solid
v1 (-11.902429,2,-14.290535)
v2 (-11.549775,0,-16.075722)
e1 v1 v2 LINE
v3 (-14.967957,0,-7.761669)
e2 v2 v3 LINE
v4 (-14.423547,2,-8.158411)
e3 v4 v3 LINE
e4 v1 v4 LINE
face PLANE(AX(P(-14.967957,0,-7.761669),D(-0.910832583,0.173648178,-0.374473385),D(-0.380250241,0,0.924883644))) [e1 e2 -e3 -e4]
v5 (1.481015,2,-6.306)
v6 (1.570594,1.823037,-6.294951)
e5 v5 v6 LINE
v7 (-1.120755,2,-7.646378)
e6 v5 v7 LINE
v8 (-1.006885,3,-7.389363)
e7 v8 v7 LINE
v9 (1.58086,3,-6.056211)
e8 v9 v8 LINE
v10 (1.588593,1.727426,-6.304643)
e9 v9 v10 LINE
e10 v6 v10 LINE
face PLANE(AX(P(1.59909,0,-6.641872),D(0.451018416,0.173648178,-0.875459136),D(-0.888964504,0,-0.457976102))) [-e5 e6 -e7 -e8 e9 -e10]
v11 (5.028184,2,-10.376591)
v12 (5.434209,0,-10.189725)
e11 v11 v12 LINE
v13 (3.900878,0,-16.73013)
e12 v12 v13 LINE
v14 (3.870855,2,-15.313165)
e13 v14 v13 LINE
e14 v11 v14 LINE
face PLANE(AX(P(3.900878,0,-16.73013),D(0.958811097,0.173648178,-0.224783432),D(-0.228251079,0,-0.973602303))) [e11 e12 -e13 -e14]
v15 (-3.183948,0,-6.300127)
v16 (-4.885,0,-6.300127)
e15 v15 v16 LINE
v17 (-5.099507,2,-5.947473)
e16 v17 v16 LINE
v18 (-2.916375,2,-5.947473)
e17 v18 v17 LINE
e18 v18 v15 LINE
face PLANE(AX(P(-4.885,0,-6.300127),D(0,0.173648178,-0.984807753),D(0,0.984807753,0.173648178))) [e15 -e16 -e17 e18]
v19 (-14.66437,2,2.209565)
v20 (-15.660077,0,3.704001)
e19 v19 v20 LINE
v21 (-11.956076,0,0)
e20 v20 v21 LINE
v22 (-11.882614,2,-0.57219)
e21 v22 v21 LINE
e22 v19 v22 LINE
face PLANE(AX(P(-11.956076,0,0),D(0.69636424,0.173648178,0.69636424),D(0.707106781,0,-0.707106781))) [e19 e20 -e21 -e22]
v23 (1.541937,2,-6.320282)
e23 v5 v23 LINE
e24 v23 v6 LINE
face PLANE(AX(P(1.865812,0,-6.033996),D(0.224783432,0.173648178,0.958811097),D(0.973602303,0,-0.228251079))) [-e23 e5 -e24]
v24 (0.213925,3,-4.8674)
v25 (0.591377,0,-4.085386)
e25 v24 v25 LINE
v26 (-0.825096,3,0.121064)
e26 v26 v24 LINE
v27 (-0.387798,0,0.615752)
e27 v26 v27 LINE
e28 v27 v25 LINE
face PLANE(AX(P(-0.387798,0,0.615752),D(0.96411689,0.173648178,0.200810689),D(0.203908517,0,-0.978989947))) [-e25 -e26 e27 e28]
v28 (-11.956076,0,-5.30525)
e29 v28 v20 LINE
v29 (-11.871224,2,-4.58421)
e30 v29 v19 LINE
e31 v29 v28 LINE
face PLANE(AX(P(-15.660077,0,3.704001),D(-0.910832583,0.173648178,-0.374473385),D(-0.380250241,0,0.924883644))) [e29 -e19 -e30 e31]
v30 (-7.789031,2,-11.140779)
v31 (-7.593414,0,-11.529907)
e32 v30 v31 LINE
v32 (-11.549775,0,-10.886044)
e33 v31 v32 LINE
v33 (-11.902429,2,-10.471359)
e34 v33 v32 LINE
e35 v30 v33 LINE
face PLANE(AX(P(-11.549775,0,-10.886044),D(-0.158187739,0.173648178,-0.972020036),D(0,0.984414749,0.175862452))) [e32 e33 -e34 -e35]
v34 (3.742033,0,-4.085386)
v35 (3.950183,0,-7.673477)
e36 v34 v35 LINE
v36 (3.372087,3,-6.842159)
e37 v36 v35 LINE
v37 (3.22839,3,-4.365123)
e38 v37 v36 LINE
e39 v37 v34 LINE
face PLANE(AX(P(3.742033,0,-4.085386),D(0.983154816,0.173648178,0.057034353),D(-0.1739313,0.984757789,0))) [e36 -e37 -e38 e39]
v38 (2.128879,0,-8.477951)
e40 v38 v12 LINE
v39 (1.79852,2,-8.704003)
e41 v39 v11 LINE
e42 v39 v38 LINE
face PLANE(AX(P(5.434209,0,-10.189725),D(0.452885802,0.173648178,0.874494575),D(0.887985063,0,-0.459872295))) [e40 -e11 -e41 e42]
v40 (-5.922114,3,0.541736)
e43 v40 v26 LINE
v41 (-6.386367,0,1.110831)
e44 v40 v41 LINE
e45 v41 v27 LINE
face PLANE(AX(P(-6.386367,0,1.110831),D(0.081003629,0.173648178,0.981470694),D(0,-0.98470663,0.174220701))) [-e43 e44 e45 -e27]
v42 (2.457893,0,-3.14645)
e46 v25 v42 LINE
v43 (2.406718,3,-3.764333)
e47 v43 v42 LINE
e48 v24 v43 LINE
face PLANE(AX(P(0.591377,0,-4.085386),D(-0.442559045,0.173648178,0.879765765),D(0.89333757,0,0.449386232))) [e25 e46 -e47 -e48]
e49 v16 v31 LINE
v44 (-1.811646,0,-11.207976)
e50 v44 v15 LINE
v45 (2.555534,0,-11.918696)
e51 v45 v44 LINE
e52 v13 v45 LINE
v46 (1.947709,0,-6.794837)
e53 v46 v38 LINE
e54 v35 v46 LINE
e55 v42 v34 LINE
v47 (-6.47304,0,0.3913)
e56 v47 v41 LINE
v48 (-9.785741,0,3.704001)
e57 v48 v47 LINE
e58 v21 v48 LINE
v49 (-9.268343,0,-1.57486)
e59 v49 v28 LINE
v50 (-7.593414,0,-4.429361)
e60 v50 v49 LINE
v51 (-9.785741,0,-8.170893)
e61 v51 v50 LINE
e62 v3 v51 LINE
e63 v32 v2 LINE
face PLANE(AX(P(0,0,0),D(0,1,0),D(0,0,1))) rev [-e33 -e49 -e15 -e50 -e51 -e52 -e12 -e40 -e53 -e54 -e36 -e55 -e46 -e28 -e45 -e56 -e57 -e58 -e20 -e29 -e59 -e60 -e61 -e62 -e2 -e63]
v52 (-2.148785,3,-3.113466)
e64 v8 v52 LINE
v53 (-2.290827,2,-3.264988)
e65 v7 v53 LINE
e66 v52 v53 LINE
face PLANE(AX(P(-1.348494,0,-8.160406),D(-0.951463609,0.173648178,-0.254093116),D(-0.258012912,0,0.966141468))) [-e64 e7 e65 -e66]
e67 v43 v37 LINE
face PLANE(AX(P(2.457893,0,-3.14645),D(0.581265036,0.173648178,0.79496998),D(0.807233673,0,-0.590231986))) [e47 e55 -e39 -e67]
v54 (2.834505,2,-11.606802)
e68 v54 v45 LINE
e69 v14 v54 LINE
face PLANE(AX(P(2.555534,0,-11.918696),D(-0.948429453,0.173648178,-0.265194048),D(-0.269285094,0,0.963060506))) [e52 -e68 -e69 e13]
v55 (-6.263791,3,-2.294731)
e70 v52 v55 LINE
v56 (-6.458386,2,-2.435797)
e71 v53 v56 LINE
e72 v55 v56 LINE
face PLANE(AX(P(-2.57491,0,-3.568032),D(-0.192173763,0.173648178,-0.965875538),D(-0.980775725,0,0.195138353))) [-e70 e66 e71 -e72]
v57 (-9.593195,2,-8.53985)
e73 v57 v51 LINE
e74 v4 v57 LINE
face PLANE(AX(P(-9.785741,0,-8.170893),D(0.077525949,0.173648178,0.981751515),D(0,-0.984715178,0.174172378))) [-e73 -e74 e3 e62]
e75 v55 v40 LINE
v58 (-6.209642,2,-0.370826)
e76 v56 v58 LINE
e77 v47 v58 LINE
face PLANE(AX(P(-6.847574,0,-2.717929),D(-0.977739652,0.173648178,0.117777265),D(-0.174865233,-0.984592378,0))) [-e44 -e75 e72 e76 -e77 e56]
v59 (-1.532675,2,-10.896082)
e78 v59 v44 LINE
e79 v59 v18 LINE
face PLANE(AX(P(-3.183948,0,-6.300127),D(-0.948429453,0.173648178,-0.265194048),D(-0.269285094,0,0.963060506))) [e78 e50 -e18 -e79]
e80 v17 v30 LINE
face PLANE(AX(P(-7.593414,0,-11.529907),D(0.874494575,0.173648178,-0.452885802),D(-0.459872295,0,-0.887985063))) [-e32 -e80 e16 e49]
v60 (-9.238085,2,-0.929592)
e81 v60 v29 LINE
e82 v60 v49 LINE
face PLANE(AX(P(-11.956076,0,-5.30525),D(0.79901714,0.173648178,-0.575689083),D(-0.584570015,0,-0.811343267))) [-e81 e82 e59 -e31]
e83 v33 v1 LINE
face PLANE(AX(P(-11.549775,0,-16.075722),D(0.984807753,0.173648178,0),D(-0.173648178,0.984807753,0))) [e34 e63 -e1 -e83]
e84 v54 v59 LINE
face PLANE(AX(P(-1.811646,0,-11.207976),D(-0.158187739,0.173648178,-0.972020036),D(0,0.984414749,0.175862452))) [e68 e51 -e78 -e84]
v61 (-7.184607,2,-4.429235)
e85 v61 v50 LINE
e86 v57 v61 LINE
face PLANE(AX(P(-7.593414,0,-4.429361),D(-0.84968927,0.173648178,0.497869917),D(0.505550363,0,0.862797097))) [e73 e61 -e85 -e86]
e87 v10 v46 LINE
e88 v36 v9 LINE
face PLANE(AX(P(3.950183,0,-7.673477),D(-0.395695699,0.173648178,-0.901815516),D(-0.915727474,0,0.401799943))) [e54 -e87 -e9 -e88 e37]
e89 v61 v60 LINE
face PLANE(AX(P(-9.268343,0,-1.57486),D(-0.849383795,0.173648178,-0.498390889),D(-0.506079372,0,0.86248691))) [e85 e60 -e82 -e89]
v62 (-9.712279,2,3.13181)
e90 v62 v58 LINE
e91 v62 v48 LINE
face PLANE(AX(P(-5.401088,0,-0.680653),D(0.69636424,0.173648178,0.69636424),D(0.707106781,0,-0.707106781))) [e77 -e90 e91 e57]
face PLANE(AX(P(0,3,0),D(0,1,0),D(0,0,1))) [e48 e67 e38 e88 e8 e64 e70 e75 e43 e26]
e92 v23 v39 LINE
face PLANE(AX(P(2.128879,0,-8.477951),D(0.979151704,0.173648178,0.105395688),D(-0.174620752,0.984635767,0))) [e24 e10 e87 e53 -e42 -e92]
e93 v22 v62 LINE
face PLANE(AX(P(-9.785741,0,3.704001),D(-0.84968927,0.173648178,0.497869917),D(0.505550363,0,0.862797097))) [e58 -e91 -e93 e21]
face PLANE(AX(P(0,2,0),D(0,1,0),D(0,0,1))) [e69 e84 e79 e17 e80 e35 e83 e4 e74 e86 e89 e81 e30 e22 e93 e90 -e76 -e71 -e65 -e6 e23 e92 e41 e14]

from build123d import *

# Parameters (mm, degrees)
BOSS_EXTRUDE1_DEPTH = 3
BOSS_EXTRUDE1_TAPER = 10
BOSS_EXTRUDE2_DEPTH = 2
BOSS_EXTRUDE2_TAPER = 10


with BuildPart() as part:
    # Sketch2 → Boss-Extrude1 (new body)
    with BuildSketch(Plane(origin=(0, 0, 0), x_dir=(1, 0, 0), z_dir=(0, 1, 0))):
        Polygon((-6.386366525, -1.110831431), (-0.387798033, -0.615752137), (0.59137661, 4.085386129), (2.457892532, 3.146450407), (3.742032583, 4.085386129), (3.950183343, 7.673476682), (1.599090403, 6.641871716), (-1.348493634, 8.160405965), (-2.574910007, 3.568032251), (-6.847574096, 2.717928997), align=None)
    extrude(amount=BOSS_EXTRUDE1_DEPTH, taper=BOSS_EXTRUDE1_TAPER)

    # Sketch3 → Boss-Extrude2 (add)
    with BuildSketch(Plane(origin=(0, 0, 0), x_dir=(1, 0, 0), z_dir=(0, 1, 0))):
        Polygon((-5.401087621, 0.680652537), (-2.497796972, 1.423254114), (-0.865421032, 5.393686332), (1.865812166, 6.033995954), (2.128878959, 8.477950768), (5.434208616, 10.189724535), (3.900877599, 16.730130038), (2.555533764, 11.918695826), (-1.811645648, 11.207975664), (-3.183948296, 6.300127023), (-4.885000457, 6.300127023), (-7.59341425, 11.529907155), (-11.549774725, 10.886044173), (-11.549774725, 16.075722368), (-14.967956792, 7.761669285), (-9.785740879, 8.17089321), (-7.59341425, 4.429360837), (-9.268342977, 1.57485978), (-11.95607608, 5.305249812), (-15.660076801, -3.704000721), (-11.95607608, 0), (-9.785740879, -3.704000721), align=None)
    extrude(amount=BOSS_EXTRUDE2_DEPTH, taper=BOSS_EXTRUDE2_TAPER)


solid = part.part
